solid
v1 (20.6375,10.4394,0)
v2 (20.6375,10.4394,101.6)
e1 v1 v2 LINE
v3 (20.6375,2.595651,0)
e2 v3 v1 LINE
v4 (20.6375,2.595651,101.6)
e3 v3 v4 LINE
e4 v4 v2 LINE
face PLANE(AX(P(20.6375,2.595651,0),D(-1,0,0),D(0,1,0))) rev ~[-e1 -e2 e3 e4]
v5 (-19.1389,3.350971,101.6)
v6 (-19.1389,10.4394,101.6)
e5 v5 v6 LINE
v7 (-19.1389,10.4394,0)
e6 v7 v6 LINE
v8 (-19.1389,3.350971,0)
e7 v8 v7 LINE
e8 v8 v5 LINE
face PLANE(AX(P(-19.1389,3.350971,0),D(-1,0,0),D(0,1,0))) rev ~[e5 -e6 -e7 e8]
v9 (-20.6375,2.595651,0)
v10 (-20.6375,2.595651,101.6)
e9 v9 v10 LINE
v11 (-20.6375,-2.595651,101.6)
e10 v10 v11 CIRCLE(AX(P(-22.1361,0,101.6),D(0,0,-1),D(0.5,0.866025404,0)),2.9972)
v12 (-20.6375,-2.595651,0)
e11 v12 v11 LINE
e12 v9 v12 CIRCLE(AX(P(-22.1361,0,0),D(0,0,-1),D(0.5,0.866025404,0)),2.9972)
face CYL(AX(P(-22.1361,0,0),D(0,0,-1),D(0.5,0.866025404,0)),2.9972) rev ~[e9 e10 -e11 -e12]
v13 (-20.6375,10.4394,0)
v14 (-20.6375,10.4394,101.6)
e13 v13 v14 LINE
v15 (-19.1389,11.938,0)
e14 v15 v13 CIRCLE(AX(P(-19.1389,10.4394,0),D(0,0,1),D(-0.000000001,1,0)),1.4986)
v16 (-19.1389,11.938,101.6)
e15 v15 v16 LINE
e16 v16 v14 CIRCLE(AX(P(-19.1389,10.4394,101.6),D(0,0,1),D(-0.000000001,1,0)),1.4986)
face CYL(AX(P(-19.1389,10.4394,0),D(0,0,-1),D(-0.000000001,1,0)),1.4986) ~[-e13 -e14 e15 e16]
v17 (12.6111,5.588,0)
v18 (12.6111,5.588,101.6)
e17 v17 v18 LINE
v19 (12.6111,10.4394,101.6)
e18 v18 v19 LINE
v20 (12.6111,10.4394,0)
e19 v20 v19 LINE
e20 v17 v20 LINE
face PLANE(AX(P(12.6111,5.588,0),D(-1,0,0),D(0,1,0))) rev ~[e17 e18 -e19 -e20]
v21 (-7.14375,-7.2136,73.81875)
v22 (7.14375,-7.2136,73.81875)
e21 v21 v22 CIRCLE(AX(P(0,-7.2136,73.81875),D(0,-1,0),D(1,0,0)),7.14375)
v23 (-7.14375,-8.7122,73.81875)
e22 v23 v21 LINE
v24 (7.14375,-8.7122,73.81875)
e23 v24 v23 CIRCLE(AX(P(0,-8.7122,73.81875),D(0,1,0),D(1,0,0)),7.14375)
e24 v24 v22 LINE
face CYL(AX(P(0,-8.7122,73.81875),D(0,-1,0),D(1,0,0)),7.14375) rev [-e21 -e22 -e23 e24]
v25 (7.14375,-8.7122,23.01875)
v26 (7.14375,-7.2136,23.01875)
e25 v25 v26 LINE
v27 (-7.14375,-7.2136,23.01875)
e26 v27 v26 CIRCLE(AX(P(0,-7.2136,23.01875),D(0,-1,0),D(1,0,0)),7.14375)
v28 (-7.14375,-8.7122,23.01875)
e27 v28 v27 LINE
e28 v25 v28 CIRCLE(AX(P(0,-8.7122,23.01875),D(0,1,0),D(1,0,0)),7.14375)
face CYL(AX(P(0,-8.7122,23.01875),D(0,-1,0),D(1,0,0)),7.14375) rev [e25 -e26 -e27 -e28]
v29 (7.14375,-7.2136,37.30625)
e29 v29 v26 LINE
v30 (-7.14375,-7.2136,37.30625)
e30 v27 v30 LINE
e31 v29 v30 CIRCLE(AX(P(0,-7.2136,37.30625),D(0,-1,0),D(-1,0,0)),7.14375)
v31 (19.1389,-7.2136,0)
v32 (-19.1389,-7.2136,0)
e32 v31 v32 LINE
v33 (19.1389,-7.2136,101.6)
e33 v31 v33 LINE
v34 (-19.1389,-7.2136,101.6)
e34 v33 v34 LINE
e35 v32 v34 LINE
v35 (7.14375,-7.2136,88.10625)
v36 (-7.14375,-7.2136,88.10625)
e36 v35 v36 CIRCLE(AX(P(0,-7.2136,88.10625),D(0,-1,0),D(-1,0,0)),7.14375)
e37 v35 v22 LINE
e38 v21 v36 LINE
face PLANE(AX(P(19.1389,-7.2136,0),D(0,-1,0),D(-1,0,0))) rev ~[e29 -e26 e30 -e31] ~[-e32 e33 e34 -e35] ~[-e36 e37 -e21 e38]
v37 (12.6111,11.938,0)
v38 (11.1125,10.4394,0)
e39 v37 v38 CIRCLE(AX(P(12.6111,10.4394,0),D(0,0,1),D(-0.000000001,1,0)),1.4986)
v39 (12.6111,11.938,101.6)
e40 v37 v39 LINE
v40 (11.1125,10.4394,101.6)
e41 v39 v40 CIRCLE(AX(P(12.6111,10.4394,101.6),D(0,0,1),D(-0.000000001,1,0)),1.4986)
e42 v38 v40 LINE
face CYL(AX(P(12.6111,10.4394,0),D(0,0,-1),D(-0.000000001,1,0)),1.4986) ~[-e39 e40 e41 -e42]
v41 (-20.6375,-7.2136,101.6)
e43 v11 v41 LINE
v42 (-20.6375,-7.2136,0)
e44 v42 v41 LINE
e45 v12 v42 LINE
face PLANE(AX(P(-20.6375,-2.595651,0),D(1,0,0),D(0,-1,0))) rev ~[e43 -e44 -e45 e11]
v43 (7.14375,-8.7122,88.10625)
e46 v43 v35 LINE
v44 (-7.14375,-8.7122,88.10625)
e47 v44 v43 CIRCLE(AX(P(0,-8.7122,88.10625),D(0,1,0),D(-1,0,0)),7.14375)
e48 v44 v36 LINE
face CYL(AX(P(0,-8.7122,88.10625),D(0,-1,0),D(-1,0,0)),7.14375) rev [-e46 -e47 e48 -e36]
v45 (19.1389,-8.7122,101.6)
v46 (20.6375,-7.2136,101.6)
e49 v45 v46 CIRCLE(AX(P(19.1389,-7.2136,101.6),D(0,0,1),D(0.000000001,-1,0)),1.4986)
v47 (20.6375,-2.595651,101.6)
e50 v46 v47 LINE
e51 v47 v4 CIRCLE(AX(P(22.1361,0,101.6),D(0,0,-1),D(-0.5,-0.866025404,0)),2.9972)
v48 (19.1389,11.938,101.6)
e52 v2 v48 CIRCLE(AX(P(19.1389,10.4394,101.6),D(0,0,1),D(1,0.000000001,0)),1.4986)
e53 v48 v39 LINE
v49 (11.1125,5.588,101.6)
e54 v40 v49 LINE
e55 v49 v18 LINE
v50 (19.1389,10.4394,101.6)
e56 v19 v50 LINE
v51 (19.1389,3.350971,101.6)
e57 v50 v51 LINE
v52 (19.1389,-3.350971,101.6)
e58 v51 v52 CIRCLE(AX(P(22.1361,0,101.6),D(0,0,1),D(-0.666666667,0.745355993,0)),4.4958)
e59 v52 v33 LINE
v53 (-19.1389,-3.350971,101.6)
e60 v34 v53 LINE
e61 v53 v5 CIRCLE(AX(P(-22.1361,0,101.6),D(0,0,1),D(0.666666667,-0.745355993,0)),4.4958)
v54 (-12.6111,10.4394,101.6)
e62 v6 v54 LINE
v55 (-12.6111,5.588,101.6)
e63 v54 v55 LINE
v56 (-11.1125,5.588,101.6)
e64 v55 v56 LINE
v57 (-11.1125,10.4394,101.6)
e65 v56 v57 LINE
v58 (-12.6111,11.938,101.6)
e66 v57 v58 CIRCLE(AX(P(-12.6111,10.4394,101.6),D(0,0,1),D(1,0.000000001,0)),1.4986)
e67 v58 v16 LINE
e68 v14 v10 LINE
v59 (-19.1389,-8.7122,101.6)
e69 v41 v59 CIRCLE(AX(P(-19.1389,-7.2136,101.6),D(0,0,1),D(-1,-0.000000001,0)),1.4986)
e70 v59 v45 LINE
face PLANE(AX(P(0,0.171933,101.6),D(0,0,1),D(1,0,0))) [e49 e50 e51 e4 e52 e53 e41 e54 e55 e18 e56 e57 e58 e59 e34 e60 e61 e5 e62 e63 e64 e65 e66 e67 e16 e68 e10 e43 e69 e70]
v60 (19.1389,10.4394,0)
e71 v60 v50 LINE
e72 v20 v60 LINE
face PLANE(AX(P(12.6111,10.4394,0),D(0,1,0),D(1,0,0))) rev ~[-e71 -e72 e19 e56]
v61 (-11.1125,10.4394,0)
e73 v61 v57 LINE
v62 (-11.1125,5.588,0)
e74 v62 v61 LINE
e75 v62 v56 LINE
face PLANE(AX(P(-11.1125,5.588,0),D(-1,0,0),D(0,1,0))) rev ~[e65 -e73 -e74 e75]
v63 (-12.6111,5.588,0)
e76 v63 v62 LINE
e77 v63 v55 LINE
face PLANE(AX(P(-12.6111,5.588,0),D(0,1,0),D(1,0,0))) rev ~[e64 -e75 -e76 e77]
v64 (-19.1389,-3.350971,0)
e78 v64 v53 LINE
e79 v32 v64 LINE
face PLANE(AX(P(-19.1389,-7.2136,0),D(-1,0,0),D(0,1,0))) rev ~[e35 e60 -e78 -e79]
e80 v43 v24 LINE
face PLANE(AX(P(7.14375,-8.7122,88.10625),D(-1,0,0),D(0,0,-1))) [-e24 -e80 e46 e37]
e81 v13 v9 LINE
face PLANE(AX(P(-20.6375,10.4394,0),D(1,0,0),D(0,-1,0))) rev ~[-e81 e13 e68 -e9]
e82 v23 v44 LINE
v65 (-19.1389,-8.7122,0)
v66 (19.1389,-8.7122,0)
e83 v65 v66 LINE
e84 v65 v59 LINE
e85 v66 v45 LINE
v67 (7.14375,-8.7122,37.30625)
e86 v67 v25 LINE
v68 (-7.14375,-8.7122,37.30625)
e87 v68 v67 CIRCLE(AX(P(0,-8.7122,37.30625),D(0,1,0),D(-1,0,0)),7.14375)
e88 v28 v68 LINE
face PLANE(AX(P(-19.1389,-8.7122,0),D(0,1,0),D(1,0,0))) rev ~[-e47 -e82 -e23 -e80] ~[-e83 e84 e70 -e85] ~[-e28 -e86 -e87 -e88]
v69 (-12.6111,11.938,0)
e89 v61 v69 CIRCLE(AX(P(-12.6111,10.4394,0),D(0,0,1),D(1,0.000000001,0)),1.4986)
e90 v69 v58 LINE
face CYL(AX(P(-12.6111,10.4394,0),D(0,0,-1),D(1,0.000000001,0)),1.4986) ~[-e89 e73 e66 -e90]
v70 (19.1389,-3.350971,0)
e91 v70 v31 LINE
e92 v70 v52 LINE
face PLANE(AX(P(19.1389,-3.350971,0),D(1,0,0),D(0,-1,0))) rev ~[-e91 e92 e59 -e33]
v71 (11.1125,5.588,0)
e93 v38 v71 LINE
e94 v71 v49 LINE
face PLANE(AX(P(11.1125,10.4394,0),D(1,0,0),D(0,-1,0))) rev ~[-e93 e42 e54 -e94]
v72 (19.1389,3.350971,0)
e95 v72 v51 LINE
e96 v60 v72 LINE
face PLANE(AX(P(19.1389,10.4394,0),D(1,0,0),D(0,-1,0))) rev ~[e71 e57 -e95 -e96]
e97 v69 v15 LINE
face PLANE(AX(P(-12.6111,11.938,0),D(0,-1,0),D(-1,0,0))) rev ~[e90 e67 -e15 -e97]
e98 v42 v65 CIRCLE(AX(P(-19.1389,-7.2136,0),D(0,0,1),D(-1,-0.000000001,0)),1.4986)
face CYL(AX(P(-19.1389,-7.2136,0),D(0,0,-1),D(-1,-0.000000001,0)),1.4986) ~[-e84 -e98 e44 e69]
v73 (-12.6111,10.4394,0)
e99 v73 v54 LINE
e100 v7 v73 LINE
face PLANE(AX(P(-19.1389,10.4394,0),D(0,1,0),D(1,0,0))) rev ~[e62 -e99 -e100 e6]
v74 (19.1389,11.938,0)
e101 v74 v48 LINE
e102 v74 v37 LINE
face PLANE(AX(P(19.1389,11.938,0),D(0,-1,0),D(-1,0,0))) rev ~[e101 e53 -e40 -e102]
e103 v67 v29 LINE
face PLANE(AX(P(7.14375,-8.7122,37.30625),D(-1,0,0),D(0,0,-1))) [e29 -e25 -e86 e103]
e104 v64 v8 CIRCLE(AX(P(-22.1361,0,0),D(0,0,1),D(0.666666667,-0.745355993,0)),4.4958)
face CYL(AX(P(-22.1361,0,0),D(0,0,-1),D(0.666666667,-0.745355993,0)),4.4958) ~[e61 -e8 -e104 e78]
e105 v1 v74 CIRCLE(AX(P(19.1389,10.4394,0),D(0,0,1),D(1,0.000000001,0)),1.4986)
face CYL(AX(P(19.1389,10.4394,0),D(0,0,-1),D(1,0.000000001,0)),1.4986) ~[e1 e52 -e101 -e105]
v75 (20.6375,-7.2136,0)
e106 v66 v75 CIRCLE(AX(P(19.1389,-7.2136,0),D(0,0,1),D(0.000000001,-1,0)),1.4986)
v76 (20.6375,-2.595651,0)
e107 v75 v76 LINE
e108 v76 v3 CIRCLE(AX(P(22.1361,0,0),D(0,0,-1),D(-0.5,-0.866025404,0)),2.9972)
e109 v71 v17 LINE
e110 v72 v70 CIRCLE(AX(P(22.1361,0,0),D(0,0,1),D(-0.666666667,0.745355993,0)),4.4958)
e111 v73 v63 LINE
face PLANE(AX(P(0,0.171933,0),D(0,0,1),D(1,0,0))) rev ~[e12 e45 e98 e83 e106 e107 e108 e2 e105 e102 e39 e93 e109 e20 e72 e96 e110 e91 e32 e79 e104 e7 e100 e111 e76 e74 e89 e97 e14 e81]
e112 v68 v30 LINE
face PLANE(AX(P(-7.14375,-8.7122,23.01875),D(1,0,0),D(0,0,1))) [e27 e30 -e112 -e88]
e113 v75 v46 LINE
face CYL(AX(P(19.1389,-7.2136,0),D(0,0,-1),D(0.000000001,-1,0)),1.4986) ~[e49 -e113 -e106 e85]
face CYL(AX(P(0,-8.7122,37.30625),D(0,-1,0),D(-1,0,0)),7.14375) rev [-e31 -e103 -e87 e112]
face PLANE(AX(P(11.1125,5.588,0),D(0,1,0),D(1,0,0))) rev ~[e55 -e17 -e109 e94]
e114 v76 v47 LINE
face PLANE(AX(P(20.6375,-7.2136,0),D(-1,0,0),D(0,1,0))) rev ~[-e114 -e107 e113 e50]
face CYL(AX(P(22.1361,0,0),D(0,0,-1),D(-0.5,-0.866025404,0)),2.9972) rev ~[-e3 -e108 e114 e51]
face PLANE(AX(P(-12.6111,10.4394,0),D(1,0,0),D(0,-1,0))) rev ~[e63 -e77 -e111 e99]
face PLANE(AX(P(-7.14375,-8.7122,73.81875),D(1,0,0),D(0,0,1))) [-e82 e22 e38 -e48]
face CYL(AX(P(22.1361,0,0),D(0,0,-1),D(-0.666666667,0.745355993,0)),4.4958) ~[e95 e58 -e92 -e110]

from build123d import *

# Parameters (mm, degrees)
BASE_EXTRUDE_DEPTH = 101.6
SLOT_DEPTH         = 118.113754477
LPATTERN1_COUNT    = 2
LPATTERN1_PITCH    = 50.8


with BuildPart() as part:
    # Sketch1 → Base-Extrude (new body)
    with BuildSketch(Plane.XY):
        with BuildLine():
            Line((-20.6375, 10.4394), (-20.6375, 2.59565134))
            ThreePointArc((-20.6375, 2.59565134), (-19.1389, 0), (-20.6375, -2.59565134))
            Line((-20.6375, -2.59565134), (-20.6375, -7.2136))
            ThreePointArc((-20.6375, -7.2136), (-20.198570222, -8.273270222), (-19.1389, -8.7122))
            Line((-19.1389, -8.7122), (19.1389, -8.7122))
            ThreePointArc((19.1389, -8.7122), (20.198570222, -8.273270222), (20.6375, -7.2136))
            Line((20.6375, -7.2136), (20.6375, -2.59565134))
            ThreePointArc((20.6375, -2.59565134), (19.1389, 0), (20.6375, 2.59565134))
            Line((20.6375, 2.59565134), (20.6375, 10.4394))
            ThreePointArc((20.6375, 10.4394), (20.198570222, 11.499070222), (19.1389, 11.938))
            Line((19.1389, 11.938), (12.6111, 11.938))
            ThreePointArc((12.6111, 11.938), (11.551429778, 11.499070222), (11.1125, 10.4394))
            Line((11.1125, 10.4394), (11.1125, 5.588))
            Line((11.1125, 5.588), (12.6111, 5.588))
            Line((12.6111, 5.588), (12.6111, 10.4394))
            Line((12.6111, 10.4394), (19.1389, 10.4394))
            Line((19.1389, 10.4394), (19.1389, 3.350971471))
            ThreePointArc((19.1389, 3.350971471), (17.6403, 0), (19.1389, -3.350971471))
            Line((19.1389, -3.350971471), (19.1389, -7.2136))
            Line((19.1389, -7.2136), (-19.1389, -7.2136))
            Line((-19.1389, -7.2136), (-19.1389, -3.350971471))
            ThreePointArc((-19.1389, -3.350971471), (-17.6403, 0), (-19.1389, 3.350971471))
            Line((-19.1389, 3.350971471), (-19.1389, 10.4394))
            Line((-19.1389, 10.4394), (-12.6111, 10.4394))
            Line((-12.6111, 10.4394), (-12.6111, 5.588))
            Line((-12.6111, 5.588), (-11.1125, 5.588))
            Line((-11.1125, 5.588), (-11.1125, 10.4394))
            ThreePointArc((-11.1125, 10.4394), (-11.551429778, 11.499070222), (-12.6111, 11.938))
            Line((-12.6111, 11.938), (-19.1389, 11.938))
            ThreePointArc((-19.1389, 11.938), (-20.198570222, 11.499070222), (-20.6375, 10.4394))
        make_face()
    extrude(amount=BASE_EXTRUDE_DEPTH)

    # Sketch2 → Slot (cut, through all)
    with BuildSketch(Plane(origin=(-0.747608536, -8.7122, -11.677878955), x_dir=(1, 0, 0), z_dir=(0, -1, 0))):
        with BuildLine():
            Line((7.891358536, 48.984128955), (7.891358536, 34.696628955))
            ThreePointArc((7.891358536, 34.696628955), (0.747608536, 27.552878955), (-6.396141464, 34.696628955))
            Line((-6.396141464, 34.696628955), (-6.396141464, 48.984128955))
            ThreePointArc((-6.396141464, 48.984128955), (0.747608536, 56.127878955), (7.891358536, 48.984128955))
        make_face()
    slot = extrude(amount=-SLOT_DEPTH, mode=Mode.SUBTRACT)

    # LPattern1: Slot ×2
    with Locations(*[(0, 0, i * LPATTERN1_PITCH) for i in range(1, LPATTERN1_COUNT)]):
        add(slot, mode=Mode.SUBTRACT)


solid = part.part
